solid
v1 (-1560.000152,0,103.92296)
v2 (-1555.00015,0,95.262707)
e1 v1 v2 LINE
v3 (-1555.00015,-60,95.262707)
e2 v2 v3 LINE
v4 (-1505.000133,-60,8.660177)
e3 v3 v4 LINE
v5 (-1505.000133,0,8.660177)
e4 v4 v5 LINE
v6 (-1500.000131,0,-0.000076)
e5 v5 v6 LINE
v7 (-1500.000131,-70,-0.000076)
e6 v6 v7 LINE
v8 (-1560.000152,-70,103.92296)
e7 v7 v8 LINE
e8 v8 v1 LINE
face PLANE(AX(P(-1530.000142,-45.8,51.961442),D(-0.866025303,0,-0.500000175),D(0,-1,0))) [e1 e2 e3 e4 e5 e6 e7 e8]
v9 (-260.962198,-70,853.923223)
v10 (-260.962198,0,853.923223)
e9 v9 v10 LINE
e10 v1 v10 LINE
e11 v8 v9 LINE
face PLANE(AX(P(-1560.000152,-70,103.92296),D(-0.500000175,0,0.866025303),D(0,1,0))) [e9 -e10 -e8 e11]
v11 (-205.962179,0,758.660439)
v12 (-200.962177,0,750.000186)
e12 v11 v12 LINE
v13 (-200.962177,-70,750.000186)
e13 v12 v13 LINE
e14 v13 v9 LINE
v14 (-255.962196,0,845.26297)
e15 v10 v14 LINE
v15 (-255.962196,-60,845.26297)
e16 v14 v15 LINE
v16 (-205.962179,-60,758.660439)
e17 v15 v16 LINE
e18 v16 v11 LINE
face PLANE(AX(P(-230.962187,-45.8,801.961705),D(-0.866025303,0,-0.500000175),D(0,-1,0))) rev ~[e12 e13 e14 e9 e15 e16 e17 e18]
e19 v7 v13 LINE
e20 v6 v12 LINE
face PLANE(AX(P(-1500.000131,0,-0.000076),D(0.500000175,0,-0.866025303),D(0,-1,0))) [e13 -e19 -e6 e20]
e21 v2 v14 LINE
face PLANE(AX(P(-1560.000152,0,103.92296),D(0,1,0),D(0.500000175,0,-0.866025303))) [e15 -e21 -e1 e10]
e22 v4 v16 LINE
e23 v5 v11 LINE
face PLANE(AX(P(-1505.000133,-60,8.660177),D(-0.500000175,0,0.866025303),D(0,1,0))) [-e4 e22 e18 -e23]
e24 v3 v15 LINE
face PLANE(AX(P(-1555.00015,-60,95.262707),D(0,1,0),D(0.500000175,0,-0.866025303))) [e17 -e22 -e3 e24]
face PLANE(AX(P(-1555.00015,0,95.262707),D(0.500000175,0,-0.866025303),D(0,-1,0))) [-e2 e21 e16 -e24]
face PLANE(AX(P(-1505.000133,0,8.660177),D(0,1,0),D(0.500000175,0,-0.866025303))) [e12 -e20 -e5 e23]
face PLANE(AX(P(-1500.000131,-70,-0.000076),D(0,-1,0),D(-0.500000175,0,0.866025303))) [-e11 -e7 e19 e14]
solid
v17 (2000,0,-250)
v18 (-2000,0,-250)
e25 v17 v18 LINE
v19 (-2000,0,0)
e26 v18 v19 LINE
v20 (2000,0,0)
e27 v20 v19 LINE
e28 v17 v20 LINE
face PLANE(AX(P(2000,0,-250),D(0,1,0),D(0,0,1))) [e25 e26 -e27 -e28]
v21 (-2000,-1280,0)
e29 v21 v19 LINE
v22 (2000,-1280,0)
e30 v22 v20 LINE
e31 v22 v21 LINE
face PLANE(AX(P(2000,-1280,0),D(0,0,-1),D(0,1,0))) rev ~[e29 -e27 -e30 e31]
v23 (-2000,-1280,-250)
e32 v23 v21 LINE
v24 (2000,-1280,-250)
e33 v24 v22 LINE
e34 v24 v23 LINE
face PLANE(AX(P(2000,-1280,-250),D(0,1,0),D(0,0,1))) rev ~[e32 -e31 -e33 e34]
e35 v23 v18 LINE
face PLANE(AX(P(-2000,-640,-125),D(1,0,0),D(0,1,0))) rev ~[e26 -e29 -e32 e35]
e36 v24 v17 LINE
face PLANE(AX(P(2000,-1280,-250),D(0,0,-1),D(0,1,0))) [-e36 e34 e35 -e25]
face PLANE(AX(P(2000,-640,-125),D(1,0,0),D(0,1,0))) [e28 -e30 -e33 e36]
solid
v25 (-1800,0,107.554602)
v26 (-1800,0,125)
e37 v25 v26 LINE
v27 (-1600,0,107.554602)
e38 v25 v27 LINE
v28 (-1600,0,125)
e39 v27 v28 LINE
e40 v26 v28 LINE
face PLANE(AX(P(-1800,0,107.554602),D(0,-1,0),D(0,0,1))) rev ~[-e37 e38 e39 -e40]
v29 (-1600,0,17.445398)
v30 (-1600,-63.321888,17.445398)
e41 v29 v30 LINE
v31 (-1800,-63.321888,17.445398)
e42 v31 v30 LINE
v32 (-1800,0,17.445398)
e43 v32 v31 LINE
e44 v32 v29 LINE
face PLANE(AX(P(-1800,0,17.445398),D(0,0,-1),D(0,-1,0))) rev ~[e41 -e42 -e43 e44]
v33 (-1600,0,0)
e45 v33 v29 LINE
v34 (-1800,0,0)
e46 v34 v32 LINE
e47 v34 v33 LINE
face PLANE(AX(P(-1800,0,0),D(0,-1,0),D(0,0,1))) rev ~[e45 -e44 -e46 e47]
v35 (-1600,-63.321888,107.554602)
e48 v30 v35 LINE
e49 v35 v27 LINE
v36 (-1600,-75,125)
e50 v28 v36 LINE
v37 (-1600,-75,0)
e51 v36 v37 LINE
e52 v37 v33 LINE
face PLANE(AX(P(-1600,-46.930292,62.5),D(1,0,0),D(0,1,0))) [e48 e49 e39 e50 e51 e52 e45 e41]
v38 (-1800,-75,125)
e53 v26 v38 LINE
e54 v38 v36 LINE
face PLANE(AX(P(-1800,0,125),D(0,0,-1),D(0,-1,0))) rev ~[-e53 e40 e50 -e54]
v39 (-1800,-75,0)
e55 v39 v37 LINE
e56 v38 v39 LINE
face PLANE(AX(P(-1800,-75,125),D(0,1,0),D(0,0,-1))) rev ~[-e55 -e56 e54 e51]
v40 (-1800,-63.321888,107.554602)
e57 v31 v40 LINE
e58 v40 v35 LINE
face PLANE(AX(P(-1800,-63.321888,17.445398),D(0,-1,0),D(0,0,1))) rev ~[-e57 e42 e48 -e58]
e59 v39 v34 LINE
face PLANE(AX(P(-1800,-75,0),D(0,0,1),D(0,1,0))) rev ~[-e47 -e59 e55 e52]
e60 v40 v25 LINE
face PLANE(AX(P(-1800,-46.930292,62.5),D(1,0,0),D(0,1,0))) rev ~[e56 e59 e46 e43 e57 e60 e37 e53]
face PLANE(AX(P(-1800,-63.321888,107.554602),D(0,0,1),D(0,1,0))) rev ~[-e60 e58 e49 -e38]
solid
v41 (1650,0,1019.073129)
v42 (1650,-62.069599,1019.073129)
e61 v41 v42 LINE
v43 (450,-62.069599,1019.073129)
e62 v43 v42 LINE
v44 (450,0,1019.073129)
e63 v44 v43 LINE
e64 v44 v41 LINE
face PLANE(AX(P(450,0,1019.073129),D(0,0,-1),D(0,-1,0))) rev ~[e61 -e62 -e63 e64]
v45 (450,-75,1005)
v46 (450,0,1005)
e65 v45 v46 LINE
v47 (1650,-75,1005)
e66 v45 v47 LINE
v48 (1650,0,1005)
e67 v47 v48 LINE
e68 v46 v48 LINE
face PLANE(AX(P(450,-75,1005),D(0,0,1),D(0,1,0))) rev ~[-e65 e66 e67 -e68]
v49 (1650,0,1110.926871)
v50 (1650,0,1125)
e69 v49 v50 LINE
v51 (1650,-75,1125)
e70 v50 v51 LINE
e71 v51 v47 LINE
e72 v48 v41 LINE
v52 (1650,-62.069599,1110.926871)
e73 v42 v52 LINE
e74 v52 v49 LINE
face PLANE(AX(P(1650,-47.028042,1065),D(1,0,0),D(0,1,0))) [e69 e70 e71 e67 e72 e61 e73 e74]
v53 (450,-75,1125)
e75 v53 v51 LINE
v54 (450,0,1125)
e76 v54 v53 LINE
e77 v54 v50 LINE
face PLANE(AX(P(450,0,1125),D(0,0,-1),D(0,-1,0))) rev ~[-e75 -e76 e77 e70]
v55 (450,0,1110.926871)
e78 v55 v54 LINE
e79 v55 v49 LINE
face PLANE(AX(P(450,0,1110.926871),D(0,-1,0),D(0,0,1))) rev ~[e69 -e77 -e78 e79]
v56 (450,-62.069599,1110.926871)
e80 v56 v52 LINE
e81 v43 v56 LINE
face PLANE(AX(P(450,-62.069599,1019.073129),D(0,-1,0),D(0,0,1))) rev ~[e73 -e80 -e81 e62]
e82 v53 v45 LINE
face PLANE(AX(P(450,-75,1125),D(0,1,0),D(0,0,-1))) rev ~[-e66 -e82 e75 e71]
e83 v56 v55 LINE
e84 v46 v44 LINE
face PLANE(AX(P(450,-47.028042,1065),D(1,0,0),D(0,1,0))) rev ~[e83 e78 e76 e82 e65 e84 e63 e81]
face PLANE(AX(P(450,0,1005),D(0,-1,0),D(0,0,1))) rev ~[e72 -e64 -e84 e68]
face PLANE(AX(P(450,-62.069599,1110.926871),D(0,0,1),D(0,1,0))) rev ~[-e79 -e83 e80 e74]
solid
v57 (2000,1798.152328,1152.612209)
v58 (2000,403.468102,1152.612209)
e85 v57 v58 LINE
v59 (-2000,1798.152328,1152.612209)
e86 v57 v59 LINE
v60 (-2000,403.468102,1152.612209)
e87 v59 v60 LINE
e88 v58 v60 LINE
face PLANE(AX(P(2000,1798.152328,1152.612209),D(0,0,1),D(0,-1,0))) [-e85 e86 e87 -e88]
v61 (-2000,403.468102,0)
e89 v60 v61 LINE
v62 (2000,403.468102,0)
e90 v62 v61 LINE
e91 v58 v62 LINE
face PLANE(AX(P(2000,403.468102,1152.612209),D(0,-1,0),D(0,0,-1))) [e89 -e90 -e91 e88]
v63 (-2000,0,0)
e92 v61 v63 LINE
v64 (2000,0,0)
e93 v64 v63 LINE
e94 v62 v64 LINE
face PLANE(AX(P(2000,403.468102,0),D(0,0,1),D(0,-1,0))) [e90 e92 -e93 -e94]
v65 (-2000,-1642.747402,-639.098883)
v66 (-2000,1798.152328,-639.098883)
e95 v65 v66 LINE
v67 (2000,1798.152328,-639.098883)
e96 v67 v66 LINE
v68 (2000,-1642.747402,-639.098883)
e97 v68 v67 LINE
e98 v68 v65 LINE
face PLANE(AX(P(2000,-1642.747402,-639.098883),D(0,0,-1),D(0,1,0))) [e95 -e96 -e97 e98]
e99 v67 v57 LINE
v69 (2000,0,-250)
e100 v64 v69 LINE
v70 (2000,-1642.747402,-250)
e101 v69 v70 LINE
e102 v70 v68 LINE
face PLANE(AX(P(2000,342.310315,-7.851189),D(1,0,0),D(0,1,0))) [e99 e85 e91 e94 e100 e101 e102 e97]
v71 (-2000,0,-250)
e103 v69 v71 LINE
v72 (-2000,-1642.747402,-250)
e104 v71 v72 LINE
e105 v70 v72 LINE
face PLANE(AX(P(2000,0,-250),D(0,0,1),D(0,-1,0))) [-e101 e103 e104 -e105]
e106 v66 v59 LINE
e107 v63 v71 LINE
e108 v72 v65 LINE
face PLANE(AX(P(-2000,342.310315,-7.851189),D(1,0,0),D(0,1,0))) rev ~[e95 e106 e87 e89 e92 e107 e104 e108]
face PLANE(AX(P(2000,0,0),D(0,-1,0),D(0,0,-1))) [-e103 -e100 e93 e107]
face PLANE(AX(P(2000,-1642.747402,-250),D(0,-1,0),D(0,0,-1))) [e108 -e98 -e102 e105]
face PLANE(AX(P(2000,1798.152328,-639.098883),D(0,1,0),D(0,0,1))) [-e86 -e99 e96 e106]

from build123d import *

# Parameters (mm, degrees)
F2_W      = 1280
F2_H      = 250
F3_DEPTH  = 4000
F5_DEPTH  = 4000
F8_DEPTH  = 200
F12_DEPTH = 1200
F16_DEPTH = 1500


with BuildPart() as f3:
    # F2 (on offset) → F3 (new body)
    with BuildSketch(Plane.YZ.offset(2000)):
        with Locations((-640, -125)):
            Rectangle(F2_W, F2_H)
    extrude(amount=-F3_DEPTH)


with BuildPart() as f5:
    # F4 (on face) → F5 (new body)
    with BuildSketch(Plane.YZ.offset(2000)):
        Polygon((403.468102, 0), (0, 0), (0, -250), (-1642.747402, -250), (-1642.747402, -639.098883), (1798.152328, -639.098883), (1798.152328, 1152.612209), (403.468102, 1152.612209), align=None)
    extrude(amount=-F5_DEPTH)


with BuildPart() as f8:
    # F7 (on offset) → F8 (new body)
    with BuildSketch(Plane.YZ.offset(-1800)):
        Polygon((-75, 125), (-75, 0), (0, 0), (0, 17.445398), (-63.321888, 17.445398), (-63.321888, 107.554602), (0, 107.554602), (0, 125), align=None)
    extrude(amount=F8_DEPTH)


with BuildPart() as f12:
    # F11 (on offset) → F12 (new body)
    with BuildSketch(Plane.YZ.offset(450)):
        Polygon((-75, 1005), (0, 1005), (0, 1019.073129), (-62.069599, 1019.073129), (-62.069599, 1110.926871), (0, 1110.926871), (0, 1125), (-75, 1125), align=None)
    extrude(amount=F12_DEPTH)


with BuildPart() as f16:
    # F15 (on face) → F16 (new body)
    with BuildSketch(Plane(origin=(-1125, 0, -649.519053), x_dir=(0, -1, 0), z_dir=(-0.866025, 0, -0.5))):
        Polygon((70, 870), (0, 870), (0, 860), (60, 860), (60, 760), (0, 760), (0, 750), (70, 750), align=None)
    extrude(amount=-F16_DEPTH)


solid = Compound([f3.part, f5.part, f8.part, f12.part, f16.part])
